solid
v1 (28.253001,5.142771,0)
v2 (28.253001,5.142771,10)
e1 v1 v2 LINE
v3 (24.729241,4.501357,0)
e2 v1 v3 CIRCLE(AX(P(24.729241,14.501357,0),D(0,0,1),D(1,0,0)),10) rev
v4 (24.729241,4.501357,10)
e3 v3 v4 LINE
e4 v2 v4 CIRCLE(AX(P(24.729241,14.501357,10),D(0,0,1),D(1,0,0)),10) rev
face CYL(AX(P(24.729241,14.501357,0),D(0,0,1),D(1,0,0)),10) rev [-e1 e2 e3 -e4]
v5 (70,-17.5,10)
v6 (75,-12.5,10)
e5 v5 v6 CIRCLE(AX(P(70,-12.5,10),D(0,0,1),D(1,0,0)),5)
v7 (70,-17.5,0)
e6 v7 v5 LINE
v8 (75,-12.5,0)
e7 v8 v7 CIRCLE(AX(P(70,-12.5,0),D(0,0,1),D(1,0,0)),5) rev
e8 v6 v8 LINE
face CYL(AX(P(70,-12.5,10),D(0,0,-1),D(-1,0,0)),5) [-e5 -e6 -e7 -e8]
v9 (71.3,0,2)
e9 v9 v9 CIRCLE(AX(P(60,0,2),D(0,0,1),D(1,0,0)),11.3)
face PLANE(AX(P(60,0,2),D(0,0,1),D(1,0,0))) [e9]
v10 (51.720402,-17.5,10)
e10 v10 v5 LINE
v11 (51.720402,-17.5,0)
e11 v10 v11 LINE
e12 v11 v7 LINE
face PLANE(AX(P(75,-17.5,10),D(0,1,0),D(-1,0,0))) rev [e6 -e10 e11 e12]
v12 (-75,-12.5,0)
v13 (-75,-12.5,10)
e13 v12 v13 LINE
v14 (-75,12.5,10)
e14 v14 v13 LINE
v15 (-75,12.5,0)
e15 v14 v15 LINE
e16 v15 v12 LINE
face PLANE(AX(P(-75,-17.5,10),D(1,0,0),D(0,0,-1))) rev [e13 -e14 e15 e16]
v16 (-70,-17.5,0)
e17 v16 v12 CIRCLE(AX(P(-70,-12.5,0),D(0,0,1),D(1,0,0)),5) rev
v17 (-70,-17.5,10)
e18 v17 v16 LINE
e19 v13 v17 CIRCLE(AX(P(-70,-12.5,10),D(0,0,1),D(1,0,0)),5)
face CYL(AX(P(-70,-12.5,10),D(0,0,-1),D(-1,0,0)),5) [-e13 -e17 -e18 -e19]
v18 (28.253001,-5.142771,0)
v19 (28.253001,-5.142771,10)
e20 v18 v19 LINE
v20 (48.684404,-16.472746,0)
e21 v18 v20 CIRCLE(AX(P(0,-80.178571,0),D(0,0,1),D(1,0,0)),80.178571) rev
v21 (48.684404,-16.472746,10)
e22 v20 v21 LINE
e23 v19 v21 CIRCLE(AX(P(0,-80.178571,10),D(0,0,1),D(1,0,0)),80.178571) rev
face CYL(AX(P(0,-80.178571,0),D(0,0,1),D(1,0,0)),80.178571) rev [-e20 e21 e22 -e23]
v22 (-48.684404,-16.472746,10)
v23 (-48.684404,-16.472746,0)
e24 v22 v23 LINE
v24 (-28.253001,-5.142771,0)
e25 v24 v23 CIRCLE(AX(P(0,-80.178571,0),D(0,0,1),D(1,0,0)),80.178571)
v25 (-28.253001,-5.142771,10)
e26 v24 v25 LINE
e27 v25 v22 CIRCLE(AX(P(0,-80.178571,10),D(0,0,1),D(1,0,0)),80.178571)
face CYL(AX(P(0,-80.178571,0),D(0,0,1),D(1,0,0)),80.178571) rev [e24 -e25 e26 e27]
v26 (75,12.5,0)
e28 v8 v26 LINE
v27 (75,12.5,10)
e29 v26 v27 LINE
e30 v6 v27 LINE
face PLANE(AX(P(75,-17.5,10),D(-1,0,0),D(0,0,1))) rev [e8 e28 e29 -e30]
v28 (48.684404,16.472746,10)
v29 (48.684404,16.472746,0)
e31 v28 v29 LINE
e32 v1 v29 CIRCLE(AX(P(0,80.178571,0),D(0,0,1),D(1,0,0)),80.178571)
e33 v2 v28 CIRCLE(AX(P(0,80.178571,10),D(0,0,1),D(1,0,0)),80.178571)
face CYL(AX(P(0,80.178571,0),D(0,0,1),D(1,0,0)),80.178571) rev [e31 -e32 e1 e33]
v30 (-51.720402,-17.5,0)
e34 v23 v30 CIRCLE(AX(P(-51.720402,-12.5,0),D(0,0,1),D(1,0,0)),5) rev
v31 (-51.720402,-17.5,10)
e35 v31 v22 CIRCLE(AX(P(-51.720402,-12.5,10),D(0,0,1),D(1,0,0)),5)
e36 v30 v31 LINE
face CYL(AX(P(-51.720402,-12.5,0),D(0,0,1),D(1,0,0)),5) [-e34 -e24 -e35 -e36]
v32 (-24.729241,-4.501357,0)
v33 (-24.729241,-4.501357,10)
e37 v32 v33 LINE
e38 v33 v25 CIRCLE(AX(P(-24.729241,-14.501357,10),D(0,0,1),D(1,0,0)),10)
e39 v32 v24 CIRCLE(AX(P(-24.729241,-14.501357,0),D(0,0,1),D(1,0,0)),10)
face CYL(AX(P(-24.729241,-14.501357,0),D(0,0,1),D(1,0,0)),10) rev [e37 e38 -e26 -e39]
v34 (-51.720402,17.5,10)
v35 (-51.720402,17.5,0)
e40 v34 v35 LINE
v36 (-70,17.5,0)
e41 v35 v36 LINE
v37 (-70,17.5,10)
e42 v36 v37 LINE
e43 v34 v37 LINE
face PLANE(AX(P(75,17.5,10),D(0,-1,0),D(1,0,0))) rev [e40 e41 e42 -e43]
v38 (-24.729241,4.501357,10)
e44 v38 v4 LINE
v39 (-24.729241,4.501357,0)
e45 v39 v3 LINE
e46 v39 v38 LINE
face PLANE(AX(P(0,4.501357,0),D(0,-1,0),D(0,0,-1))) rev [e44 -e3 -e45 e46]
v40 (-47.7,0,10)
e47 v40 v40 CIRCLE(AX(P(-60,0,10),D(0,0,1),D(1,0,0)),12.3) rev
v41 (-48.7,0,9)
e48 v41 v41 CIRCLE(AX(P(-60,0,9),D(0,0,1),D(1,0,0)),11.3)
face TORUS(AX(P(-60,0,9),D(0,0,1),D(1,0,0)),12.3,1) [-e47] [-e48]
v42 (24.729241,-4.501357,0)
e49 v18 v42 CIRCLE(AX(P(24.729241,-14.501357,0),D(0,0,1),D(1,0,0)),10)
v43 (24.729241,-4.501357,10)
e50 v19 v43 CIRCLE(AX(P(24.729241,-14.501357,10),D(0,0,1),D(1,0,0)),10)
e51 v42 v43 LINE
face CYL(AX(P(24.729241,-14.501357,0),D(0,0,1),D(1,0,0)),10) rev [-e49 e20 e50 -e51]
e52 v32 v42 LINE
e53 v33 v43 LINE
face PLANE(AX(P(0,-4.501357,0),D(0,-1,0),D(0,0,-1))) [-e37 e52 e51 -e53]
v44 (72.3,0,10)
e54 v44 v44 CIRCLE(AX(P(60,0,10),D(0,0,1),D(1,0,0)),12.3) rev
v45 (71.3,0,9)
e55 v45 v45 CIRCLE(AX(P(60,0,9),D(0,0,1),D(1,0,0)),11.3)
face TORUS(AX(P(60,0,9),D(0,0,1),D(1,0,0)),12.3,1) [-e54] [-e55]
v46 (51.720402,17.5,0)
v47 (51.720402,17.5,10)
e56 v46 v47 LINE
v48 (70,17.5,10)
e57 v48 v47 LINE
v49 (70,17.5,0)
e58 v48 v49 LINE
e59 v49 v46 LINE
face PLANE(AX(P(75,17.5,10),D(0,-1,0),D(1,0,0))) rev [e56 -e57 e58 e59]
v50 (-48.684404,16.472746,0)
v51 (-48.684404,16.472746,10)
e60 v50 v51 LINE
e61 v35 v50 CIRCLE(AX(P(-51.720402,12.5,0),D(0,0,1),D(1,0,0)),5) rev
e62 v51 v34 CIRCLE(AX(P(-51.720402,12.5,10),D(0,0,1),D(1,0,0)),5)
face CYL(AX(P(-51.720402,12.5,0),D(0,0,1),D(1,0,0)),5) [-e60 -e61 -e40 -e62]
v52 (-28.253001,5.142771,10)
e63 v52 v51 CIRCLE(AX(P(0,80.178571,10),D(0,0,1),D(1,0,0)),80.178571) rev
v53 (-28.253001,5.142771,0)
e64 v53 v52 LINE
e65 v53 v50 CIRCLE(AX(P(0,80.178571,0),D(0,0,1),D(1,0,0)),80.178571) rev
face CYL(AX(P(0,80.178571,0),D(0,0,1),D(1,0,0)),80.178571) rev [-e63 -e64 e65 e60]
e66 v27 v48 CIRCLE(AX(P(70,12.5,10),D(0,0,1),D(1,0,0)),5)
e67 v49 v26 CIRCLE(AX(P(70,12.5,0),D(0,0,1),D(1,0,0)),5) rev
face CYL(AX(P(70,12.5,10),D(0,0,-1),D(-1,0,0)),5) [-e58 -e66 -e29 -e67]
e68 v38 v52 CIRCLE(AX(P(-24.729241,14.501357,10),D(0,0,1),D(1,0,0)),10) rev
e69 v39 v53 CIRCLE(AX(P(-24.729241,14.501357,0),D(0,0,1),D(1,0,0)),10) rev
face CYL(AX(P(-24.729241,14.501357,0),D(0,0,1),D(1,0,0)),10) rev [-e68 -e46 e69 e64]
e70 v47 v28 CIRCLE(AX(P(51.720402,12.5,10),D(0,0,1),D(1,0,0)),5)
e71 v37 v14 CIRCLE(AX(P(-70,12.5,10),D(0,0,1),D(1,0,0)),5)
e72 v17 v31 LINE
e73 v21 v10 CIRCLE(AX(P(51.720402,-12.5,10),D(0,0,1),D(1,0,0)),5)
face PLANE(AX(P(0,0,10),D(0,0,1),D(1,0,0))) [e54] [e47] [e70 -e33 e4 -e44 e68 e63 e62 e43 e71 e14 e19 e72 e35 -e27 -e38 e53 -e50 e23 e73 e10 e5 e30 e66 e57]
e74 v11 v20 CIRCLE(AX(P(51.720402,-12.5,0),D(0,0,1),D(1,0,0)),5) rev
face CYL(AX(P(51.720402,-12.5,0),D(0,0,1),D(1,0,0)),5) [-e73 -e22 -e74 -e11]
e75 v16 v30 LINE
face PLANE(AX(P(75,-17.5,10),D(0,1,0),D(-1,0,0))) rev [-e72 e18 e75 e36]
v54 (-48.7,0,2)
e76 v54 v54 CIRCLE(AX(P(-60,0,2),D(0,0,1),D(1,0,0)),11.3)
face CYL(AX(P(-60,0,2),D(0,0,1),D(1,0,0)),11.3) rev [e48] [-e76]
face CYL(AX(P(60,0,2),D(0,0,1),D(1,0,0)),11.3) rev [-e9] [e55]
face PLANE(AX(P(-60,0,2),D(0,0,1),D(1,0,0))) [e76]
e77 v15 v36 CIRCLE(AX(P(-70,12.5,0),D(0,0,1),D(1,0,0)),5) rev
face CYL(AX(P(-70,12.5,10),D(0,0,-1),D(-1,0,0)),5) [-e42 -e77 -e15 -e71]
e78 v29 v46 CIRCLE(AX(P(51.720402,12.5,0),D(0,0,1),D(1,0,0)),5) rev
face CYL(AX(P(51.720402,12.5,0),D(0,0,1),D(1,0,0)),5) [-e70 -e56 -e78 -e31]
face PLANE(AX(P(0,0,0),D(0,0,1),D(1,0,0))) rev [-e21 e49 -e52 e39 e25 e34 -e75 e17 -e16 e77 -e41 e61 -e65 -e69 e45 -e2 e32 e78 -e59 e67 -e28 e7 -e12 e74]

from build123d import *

# Parameters (mm, degrees)
SKETCH1_W           = 150
SKETCH1_H           = 35
BOSS_EXTRUDE1_DEPTH = 10
SKETCH2_R           = 11.3
CUT_EXTRUDE1_DEPTH  = 8
CUT_EXTRUDE2_DEPTH  = 78.661122835
FILLET1_R           = 5
FILLET2_R           = 1


with BuildPart() as part:
    # Sketch1 → Boss-Extrude1 (new body)
    with BuildSketch(Plane.XY):
        Rectangle(SKETCH1_W, SKETCH1_H)
    extrude(amount=BOSS_EXTRUDE1_DEPTH)

    # Sketch2 → Cut-Extrude1 (cut)
    with BuildSketch(Plane.XY.offset(10)):
        with Locations((-60, 0)):
            Circle(SKETCH2_R)
        with Locations((60, 0)):
            Circle(SKETCH2_R)
    extrude(amount=-CUT_EXTRUDE1_DEPTH, mode=Mode.SUBTRACT)

    # Sketch3 → Cut-Extrude2 (cut, through all)
    with BuildSketch(Plane.XY.offset(10)):
        with BuildLine():
            Line((24.729241078, -4.501356784), (-24.729241078, -4.501356784))
            ThreePointArc((-24.729241078, -4.501356784), (-26.520071482, -4.663017165), (-28.253000621, -5.142771491))
            ThreePointArc((-28.253000621, -5.142771491), (-39.611340556, -10.468134508), (-50, -17.5))
            Line((-50, -17.5), (50, -17.5))
            ThreePointArc((50, -17.5), (39.611340556, -10.468134508), (28.253000621, -5.142771491))
            ThreePointArc((28.253000621, -5.142771491), (26.520071482, -4.663017165), (24.729241078, -4.501356784))
        make_face()
        with BuildLine():
            ThreePointArc((-28.253000621, 5.142771491), (-26.520071482, 4.663017165), (-24.729241078, 4.501356784))
            Line((-24.729241078, 4.501356784), (24.729241078, 4.501356784))
            ThreePointArc((24.729241078, 4.501356784), (26.520071482, 4.663017165), (28.253000621, 5.142771491))
            ThreePointArc((28.253000621, 5.142771491), (39.611340556, 10.468134508), (50, 17.5))
            Line((50, 17.5), (-50, 17.5))
            ThreePointArc((-50, 17.5), (-39.611340556, 10.468134508), (-28.253000621, 5.142771491))
        make_face()
    extrude(amount=-CUT_EXTRUDE2_DEPTH, mode=Mode.SUBTRACT)

    # Fillet1
    fillet1_edges = [part.edges().sort_by_distance(p)[0] for p in [
        (50, -17.5, 5),
        (-50, -17.5, 5),
        (-50, 17.5, 5),
        (50, 17.5, 5),
        (-75, 17.5, 5),
        (75, 17.5, 5),
        (75, -17.5, 5),
        (-75, -17.5, 5),
    ]]
    fillet(fillet1_edges, radius=FILLET1_R)

    # Fillet2
    fillet2_edges = [part.edges().sort_by_distance(p)[0] for p in [
        (-71.3, 0, 10),
        (48.7, 0, 10),
    ]]
    fillet(fillet2_edges, radius=FILLET2_R)


solid = part.part
